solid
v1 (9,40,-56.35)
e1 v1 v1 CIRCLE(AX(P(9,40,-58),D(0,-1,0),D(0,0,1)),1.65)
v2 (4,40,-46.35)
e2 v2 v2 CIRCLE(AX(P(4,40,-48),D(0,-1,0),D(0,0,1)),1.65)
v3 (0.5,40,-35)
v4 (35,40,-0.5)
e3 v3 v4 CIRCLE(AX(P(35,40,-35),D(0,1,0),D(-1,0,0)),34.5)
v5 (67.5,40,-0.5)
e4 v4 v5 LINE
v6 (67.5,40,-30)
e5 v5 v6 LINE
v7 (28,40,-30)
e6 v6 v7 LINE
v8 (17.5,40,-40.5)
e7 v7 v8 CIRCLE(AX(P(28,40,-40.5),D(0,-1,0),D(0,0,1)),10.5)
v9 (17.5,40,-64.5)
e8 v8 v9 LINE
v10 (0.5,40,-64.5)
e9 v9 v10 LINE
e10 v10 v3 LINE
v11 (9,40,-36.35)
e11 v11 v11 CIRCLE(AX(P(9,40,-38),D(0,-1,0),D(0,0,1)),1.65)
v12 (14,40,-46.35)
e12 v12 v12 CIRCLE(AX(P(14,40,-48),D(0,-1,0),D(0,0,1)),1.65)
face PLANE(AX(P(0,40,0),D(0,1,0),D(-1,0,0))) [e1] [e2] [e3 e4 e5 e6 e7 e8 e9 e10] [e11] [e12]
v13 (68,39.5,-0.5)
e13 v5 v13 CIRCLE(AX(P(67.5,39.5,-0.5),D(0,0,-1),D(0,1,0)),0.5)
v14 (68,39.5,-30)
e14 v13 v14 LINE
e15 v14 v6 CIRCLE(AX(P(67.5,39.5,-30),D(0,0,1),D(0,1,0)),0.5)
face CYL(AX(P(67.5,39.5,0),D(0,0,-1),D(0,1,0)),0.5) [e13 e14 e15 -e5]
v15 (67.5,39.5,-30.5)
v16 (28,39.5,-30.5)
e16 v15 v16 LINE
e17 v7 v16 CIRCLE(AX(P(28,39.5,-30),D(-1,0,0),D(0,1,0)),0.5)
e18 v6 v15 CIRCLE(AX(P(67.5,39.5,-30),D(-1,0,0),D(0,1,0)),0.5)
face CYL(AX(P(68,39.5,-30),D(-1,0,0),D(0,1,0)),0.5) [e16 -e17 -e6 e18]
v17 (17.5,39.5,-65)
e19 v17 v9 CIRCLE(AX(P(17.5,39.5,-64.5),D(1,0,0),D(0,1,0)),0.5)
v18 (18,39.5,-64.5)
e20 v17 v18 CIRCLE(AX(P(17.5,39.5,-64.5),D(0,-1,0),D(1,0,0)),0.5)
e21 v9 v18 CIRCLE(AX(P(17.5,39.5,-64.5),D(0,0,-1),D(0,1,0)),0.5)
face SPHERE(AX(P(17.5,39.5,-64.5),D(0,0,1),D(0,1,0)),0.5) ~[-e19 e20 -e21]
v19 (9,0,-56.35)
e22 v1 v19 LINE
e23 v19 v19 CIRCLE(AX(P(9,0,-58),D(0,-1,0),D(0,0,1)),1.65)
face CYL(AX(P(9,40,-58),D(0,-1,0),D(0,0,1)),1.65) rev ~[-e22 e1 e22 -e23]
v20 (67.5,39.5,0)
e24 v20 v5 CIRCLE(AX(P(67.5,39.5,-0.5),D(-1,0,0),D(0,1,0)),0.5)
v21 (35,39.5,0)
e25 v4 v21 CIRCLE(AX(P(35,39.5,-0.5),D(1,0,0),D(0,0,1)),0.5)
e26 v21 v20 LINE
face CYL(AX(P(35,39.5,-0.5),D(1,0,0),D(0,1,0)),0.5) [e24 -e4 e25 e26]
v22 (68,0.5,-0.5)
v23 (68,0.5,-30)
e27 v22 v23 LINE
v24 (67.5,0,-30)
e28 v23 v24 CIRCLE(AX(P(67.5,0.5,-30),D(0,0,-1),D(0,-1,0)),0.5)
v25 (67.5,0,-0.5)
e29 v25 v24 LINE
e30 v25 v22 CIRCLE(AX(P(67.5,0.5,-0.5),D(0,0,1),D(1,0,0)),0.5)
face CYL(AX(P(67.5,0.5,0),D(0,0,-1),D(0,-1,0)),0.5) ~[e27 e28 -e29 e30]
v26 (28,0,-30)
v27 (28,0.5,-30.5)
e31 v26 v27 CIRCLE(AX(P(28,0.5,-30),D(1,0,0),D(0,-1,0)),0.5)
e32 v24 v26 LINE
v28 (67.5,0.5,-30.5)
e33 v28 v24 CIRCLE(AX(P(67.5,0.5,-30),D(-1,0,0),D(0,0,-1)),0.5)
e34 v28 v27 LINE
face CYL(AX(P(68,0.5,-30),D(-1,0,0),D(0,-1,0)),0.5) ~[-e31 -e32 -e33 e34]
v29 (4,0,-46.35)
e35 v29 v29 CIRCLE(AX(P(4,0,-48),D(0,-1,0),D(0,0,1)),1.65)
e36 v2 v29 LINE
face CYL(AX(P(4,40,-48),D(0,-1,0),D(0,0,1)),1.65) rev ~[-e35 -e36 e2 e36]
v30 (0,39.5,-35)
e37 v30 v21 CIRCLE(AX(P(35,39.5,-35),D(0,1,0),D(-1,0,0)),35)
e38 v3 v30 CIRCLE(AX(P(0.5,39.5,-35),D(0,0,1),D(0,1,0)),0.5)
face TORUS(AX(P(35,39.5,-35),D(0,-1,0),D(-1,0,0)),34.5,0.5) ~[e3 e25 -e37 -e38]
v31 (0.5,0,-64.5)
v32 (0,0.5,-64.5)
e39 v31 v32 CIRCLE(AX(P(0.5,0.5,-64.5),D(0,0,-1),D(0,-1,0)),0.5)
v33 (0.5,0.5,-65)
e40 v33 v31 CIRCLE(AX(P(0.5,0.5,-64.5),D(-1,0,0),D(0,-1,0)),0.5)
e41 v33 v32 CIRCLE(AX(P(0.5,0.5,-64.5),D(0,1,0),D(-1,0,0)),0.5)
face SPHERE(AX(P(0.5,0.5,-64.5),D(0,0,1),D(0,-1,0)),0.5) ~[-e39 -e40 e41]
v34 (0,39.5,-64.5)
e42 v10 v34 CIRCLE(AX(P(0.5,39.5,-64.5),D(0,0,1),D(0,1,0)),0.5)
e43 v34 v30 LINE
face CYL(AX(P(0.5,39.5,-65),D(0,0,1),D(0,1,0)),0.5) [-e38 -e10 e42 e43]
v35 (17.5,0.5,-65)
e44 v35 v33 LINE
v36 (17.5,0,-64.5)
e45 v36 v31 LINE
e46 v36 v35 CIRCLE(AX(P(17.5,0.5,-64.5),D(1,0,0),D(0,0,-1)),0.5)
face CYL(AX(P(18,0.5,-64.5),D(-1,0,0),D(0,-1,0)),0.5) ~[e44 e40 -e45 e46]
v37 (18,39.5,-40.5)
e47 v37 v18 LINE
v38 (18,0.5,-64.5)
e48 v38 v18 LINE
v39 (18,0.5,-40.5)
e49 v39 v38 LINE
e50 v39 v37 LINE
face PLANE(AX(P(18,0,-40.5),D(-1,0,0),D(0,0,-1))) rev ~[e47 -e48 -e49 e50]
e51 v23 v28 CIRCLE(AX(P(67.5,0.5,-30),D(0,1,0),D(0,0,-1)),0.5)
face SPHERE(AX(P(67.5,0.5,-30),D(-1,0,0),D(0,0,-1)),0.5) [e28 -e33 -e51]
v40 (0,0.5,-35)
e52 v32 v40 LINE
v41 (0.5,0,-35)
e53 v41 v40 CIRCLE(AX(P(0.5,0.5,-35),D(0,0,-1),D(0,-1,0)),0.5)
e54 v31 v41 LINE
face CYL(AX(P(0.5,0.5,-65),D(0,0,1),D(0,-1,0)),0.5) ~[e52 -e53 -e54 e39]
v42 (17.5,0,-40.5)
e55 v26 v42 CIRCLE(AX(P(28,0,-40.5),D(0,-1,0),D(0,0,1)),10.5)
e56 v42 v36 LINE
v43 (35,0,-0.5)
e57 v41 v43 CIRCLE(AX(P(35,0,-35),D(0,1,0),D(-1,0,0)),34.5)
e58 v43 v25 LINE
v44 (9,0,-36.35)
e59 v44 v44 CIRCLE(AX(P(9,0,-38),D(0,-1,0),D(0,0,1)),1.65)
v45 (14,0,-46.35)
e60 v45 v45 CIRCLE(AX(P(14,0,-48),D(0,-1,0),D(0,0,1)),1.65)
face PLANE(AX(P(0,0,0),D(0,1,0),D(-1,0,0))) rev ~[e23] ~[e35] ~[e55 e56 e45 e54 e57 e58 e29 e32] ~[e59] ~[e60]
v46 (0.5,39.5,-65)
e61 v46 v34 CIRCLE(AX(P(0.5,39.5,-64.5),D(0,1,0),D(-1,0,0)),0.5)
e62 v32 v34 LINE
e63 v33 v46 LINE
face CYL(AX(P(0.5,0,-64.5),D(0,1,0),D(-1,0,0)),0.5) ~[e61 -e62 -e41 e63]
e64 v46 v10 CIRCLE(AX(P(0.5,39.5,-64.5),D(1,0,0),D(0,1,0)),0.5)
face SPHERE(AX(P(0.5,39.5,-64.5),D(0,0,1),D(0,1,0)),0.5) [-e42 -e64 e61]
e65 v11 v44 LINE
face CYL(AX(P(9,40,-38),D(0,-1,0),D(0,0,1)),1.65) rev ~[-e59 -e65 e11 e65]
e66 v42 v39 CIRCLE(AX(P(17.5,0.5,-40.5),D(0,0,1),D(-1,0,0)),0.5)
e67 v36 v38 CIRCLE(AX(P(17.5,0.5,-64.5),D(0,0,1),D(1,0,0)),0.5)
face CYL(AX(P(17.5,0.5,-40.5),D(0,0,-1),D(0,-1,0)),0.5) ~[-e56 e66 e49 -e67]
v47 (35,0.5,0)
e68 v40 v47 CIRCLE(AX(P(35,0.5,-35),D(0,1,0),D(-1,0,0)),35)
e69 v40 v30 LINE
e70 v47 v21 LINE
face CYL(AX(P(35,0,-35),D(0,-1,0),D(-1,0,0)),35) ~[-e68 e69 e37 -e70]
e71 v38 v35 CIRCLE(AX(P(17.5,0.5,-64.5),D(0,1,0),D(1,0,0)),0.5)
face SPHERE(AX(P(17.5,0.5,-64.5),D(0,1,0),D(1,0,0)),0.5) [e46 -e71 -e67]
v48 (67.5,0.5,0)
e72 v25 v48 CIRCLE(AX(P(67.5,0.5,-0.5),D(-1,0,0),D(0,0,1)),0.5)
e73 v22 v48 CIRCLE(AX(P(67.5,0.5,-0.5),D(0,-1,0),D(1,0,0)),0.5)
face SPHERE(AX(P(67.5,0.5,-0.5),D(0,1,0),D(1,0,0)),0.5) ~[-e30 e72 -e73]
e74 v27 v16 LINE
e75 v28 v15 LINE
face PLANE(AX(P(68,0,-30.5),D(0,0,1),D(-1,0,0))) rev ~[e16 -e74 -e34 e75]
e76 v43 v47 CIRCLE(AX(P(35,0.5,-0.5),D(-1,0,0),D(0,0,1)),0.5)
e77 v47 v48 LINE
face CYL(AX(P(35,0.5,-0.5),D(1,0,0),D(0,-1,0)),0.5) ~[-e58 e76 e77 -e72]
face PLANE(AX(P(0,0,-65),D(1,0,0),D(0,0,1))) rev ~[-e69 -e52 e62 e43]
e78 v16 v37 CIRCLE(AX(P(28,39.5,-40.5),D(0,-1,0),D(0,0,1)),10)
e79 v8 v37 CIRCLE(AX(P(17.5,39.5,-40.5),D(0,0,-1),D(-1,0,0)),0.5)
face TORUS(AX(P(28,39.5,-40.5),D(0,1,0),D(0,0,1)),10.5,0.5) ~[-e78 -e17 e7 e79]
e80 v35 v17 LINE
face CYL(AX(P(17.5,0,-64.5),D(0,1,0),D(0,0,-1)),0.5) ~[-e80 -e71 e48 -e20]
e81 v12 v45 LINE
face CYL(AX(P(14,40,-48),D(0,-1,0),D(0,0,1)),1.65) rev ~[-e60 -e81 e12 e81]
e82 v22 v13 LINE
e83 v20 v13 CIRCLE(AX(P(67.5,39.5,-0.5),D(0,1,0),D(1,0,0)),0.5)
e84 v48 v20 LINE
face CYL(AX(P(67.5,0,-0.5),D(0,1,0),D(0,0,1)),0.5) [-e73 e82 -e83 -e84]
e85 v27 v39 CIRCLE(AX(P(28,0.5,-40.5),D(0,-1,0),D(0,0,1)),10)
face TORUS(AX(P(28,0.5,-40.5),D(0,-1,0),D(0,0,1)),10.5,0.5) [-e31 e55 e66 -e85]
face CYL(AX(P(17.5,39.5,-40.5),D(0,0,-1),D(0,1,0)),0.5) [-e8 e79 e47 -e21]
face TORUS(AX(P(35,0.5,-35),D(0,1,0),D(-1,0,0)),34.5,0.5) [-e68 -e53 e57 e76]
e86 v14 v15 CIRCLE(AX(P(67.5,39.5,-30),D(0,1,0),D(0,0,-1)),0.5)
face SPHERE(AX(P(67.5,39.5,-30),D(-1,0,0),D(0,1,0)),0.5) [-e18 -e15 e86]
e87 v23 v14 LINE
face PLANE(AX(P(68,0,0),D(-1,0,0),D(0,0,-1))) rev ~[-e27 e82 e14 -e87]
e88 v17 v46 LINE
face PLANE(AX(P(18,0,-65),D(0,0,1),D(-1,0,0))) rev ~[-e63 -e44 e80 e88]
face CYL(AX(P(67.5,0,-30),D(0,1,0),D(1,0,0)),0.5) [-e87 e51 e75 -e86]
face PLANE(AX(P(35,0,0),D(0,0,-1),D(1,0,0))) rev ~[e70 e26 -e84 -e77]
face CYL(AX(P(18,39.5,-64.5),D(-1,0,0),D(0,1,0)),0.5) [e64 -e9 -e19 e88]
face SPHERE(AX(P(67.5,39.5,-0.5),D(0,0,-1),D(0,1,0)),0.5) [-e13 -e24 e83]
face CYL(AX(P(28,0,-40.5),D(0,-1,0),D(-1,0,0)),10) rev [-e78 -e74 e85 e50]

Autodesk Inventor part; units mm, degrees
ref_plane "YZ Plane" through (0, 0, 0) normal (1, 0, 0) x (0, 1, 0)
ref_plane "XZ Plane" through (0, 0, 0) normal (0, 1, 0) x (-1, 0, 0)
ref_plane "XY Plane" through (0, 0, 0) normal (0, 0, 1) x (1, 0, 0)
sketch "スケッチ2" plane through (0, 0, 0) normal (0, 1, 0) x (-1, 0, 0)
  line L0 (-35, 0) -> (-18, 0)
  line L1 (-18, -40.5) -> (-18, -65)
  line L2 (-18, -65) -> (0, -65)
  line L3 (0, -65) -> (0, -35)
  line L4 (-18, 0) -> (-68, 0)
  line L5 (-68, 0) -> (-68, -30.5)
  line L6 (-68, -30.5) -> (-28, -30.5)
  line L7 (-18, -30.5) -> (-18, 0)
  arc A0 (0, -35) -> (-35, 0) centre (-35, -35) ccw
  arc A1 (-18, -40.5) -> (-28, -30.5) centre (-28, -40.5) ccw
  point P0 (0, 0)
  point P1 (-38, -10)
  point P2 (-35, 0)
  dimension "d0" = 18
  dimension "d1" = 65
  dimension "d2" = 50
  dimension "d3" = 30.5
  dimension "d18" = 35
  dimension "d19" = 10
extrude "押し出し1" add sketch "スケッチ2" along normal blind 40 contours A0 L3 L2 L1 A1 L6 L5 L4
sketch "スケッチ3" plane through (0, 40, 0) normal (0, 1, 0) x (1, 0, 0)
  line L0 (0, 65) -> (0, 0) projected
  line L1 (18, 65) -> (0, 65) projected
  line L2 (14, 48) -> (0, 48) construction
  line L3 (18, 40.5) -> (18, 65) construction
  line L4 (18, 48) -> (0, 48) construction
  line L5 (9, 65) -> (9, 37.3061) construction
  point P0 (4, 48)
  point P1 (0, 32.5)
  point P2 (9, 38)
  point P3 (9, 58)
  point P4 (9, 48)
  dimension "d6" = 4
  dimension "d8" = 17
  dimension "d9" = 17
  dimension "d36" = 10
  dimension "d37" = 10
  dimension "d38" = 4
hole "穴1" at (4, 40, -48) at (14, 40, -48) at (9, 40, -38) at (9, 40, -58) direction (0, -1, 0) diameter 3.3 end through all
fillet "フィレット1" radius 0.5 14 edges at (48, 40, -30.5) (68, 40, -15.25) (0, 40, -50) (18, 40, -52.75) (9, 40, -65) (18, 20, -65) (18, 0, -52.75) (48, 0, -30.5) (68, 20, -30.5) (68, 20, 0) (68, 0, -15.25) (0, 0, -50) (9, 0, -65) (0, 20, -65)
sketch "スケッチ5" plane through (0, 40, 0) normal (0, 1, 0) x (1, 0, 0)
  line L0 (17.5, 64.5) -> (0.5, 64.5) projected
  line L1 (67.5, 30.5) -> (28, 30.5) projected
  line L2 (17.5, 64.5) -> (27.5, 64.5)
  line L3 (27.5, 64.5) -> (27.5, 30.5)
  line L4 (27.5, 30.5) -> (17.5, 30.5)
  line L5 (17.5, 30.5) -> (17.5, 64.5)
  line L6 (20.2, 33.7051) -> (20.2, 61.147) construction
  circle A0 centre (14, 48) radius 1.65 construction
  point P0 (0, 0)
  point P1 (20.2, 37.5)
  point P2 (20.2, 58.5)
  dimension "d20" = 6.2
  dimension "d21" = 10
  dimension "d22" = 10.5
  dimension "d23" = 10.5
extrude "押し出し2" [suppressed]
sketch "スケッチ6" plane through (0, 40, 0) normal (0, 1, 0) x (1, 0, 0)
  line L0 (20.2, 39.1303) -> (20.2, 62.5) construction
  line L1 (27.5, 62.5) -> (17.5, 62.5) construction
  circle A0 centre (14, 48) radius 1.65 construction
  point P0 (0, 0)
  point P1 (20.2, 37.5)
  point P2 (20.2, 58.5)
  dimension "d26" = 6.2
  dimension "d27" = 10.5
  dimension "d28" = 10.5
hole "穴2" [suppressed]
properties part number "elbow_stopper" material "ABS プラスチック"
